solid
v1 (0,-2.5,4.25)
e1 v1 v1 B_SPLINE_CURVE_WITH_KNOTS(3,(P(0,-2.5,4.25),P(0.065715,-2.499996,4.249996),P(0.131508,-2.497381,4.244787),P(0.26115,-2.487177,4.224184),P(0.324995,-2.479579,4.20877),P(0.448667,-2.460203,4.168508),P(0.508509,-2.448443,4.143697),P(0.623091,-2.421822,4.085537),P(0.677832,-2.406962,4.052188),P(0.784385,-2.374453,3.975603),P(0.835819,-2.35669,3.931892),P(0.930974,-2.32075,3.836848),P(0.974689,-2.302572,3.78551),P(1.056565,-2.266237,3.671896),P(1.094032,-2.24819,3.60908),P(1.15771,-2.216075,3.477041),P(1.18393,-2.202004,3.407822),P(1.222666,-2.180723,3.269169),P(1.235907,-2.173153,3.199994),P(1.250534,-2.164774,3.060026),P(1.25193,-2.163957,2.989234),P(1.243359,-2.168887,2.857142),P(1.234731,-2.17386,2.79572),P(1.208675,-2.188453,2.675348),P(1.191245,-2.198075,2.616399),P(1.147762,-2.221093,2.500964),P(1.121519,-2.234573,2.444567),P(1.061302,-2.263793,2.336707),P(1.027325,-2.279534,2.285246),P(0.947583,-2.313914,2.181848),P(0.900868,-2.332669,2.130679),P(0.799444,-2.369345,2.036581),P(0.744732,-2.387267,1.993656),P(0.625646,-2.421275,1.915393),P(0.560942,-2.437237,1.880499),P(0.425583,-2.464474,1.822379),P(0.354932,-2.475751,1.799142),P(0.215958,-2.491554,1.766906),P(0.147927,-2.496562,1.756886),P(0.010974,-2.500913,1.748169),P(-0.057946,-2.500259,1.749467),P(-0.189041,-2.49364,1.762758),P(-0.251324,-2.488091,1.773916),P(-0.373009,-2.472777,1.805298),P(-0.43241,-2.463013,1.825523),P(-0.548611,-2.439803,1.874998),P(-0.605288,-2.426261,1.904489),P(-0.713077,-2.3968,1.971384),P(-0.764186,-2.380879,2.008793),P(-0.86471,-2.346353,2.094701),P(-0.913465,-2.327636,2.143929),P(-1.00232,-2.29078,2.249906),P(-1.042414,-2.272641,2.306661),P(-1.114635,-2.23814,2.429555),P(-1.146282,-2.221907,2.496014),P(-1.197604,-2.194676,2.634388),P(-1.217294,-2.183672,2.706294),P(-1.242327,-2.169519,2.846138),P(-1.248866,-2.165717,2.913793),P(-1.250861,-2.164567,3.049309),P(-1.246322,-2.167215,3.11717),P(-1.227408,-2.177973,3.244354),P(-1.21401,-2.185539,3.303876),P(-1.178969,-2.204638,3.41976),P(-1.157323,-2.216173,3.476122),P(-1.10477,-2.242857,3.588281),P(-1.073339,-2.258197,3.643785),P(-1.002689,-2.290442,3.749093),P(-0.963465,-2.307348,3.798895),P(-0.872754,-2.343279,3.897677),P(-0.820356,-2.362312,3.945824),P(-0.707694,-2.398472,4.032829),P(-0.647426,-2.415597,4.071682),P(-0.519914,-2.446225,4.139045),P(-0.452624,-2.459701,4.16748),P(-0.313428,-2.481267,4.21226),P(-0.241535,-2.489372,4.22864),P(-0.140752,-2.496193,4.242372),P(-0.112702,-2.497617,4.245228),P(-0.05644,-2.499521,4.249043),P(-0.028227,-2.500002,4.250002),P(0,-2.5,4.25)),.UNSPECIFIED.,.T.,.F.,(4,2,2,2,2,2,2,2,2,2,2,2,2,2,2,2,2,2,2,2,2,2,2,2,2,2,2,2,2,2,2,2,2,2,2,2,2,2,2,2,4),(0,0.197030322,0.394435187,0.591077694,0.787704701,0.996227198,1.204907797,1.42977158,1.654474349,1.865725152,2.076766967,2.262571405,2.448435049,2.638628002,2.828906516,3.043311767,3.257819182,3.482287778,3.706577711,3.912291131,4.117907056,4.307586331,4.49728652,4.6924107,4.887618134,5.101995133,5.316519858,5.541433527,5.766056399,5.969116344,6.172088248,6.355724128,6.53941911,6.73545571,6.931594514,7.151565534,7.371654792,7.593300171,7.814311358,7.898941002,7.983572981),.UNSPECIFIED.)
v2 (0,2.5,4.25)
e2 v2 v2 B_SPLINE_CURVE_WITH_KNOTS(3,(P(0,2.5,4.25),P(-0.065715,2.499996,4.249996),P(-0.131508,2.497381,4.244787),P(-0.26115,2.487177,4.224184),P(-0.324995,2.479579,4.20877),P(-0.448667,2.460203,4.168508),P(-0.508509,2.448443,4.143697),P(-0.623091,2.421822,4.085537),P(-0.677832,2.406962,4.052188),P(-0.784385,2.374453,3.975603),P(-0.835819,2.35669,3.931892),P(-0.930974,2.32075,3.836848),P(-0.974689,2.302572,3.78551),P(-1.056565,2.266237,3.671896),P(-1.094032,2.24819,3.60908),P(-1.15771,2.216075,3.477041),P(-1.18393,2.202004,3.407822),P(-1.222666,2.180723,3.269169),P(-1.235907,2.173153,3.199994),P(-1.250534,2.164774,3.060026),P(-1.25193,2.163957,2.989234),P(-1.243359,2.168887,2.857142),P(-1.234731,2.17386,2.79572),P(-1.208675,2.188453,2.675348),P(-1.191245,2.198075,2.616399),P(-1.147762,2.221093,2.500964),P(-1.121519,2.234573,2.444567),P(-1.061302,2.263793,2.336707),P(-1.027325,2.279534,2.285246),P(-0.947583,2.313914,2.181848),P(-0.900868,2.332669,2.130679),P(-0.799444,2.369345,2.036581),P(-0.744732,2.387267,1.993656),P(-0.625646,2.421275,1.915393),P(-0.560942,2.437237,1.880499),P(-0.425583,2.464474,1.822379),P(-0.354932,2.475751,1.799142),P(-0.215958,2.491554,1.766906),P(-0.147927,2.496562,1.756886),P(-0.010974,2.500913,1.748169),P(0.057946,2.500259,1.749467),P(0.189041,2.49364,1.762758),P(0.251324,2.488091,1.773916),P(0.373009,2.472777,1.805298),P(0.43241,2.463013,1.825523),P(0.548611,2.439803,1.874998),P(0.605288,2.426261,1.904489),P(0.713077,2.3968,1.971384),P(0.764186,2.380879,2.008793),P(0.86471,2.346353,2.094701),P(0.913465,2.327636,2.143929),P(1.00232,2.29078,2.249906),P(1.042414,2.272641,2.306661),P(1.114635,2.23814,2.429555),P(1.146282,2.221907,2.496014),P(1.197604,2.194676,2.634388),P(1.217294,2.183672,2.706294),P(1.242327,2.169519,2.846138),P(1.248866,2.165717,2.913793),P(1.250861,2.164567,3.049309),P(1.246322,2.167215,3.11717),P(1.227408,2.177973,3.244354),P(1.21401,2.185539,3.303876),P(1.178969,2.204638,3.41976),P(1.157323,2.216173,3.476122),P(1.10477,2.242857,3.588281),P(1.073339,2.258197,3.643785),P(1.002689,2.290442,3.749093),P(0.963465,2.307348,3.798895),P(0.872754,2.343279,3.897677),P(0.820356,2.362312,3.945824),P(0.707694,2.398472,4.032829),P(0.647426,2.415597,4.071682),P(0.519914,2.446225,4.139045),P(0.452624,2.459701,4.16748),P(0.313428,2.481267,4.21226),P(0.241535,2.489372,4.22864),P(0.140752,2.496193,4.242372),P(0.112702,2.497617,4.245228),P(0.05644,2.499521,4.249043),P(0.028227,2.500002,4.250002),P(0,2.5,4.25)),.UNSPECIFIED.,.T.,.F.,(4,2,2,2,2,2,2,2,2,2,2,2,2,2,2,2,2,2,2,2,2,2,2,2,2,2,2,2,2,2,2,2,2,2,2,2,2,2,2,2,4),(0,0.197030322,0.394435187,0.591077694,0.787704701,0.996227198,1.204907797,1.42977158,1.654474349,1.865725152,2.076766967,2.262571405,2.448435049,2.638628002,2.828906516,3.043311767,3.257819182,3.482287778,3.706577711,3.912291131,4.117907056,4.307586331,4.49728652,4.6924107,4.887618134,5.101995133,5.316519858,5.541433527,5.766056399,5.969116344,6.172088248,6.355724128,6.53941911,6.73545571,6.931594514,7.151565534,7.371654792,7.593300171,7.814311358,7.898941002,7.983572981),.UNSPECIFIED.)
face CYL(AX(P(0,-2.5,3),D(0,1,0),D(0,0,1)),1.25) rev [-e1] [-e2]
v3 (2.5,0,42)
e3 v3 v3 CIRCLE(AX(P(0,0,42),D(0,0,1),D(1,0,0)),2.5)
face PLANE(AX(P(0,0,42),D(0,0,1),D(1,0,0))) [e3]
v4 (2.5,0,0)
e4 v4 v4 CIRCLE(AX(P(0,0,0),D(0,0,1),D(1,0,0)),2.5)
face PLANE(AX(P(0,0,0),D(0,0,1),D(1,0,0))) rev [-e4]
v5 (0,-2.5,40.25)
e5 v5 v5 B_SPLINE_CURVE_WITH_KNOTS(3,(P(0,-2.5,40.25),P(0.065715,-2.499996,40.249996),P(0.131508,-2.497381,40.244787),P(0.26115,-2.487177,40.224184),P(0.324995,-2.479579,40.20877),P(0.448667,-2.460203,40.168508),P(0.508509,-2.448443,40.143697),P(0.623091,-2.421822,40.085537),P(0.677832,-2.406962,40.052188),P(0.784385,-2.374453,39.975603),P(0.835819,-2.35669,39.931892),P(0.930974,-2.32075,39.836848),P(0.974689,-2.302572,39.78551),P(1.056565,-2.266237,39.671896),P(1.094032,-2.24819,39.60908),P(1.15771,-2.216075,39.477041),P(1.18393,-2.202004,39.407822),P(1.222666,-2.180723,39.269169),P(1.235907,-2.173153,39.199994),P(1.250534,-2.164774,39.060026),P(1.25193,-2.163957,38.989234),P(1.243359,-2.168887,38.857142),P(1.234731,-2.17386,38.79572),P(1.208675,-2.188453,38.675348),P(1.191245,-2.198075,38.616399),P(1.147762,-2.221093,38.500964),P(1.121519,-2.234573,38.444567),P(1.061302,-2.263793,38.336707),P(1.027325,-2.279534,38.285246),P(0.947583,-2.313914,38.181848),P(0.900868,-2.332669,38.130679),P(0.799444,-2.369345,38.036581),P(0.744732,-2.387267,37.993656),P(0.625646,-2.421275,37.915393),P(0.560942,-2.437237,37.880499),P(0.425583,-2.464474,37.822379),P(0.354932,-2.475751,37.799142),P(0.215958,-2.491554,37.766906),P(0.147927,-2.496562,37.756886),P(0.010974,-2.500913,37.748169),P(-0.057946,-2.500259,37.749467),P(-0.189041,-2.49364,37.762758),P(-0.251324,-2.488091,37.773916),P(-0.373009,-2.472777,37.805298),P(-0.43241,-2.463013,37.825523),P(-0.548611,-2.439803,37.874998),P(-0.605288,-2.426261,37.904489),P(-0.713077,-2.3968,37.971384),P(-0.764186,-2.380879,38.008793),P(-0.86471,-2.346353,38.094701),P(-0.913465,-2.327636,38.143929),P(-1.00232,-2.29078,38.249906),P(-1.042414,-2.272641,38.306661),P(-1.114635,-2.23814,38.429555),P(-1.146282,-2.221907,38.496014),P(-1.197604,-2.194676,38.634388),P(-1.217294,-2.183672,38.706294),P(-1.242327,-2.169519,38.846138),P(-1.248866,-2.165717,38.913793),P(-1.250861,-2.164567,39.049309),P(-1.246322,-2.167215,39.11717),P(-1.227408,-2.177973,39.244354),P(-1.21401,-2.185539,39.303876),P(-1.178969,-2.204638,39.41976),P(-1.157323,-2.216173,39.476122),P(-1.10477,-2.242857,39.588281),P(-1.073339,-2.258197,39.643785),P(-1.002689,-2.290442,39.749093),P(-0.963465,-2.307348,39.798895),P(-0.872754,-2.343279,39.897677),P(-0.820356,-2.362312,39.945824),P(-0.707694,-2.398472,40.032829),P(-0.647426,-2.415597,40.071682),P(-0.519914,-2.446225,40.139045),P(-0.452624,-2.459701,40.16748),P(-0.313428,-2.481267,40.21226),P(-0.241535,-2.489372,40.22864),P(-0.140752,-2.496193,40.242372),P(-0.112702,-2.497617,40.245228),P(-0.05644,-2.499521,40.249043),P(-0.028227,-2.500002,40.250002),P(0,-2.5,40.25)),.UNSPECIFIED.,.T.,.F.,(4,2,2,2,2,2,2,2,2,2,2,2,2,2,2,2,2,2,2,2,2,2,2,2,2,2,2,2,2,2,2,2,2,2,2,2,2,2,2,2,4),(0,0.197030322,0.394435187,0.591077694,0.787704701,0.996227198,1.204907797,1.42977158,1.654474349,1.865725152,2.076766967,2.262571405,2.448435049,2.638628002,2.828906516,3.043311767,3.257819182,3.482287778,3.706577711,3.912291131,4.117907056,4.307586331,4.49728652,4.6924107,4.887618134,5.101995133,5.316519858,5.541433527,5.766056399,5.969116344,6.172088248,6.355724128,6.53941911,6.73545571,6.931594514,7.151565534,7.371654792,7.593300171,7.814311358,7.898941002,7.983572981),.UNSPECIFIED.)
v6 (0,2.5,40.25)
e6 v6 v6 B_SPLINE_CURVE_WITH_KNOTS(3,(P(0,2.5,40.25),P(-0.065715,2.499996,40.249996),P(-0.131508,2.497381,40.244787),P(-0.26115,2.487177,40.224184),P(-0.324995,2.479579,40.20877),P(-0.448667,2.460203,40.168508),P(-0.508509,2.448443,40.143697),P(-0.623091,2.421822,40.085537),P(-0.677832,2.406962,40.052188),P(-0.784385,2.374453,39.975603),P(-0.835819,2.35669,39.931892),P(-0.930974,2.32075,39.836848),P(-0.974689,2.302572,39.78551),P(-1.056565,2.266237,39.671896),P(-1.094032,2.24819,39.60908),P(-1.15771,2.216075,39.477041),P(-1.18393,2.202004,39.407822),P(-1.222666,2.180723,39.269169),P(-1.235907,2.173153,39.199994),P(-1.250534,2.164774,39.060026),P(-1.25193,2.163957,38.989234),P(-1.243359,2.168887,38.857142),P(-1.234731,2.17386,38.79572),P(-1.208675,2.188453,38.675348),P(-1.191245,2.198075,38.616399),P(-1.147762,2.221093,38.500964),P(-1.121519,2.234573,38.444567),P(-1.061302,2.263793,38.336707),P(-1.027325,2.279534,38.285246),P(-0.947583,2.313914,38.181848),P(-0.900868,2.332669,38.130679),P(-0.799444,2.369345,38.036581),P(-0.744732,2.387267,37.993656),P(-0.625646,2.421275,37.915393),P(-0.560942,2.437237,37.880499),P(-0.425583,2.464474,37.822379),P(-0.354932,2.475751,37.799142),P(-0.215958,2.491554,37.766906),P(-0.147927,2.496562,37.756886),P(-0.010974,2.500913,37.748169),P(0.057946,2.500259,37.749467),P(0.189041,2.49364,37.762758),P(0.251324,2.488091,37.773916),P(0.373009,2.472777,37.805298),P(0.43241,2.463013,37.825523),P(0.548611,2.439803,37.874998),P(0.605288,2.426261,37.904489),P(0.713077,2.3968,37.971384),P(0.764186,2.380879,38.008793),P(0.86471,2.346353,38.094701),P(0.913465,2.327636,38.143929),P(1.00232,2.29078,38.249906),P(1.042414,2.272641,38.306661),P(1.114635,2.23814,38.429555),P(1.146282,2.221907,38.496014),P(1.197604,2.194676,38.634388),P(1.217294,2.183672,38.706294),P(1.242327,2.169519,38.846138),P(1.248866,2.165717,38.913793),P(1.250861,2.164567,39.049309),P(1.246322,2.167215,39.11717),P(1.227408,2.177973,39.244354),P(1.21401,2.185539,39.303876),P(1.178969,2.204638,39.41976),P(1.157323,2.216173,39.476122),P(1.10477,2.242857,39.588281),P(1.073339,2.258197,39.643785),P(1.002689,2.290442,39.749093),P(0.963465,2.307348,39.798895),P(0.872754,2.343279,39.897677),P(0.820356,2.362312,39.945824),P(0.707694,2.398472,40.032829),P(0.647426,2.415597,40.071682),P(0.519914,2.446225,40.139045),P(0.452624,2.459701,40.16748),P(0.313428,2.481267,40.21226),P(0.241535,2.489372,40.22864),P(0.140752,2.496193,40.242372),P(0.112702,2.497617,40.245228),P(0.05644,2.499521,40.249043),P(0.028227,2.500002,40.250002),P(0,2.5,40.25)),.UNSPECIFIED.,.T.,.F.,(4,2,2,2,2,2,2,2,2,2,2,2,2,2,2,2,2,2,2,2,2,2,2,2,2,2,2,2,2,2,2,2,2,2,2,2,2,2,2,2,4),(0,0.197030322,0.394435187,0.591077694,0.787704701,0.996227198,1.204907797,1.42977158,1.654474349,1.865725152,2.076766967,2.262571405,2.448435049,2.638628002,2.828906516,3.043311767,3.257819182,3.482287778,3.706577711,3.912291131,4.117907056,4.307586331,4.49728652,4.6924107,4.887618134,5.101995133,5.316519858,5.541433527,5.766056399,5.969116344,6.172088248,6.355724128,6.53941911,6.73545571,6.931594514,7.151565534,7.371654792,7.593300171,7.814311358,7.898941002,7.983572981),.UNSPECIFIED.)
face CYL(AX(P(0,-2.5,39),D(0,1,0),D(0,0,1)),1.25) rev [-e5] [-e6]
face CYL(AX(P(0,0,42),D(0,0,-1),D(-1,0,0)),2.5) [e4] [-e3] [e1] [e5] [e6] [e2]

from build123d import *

# Parameters (mm, degrees)
SKETCH1_R               = 2.5
BOSS_EXTRUDE1_DEPTH     = 42
SKETCH2_R               = 1.25
CUT_EXTRUDE1_DEPTH      = 3.5
CUT_EXTRUDE1_DEPTH_BACK = 3.5


with BuildPart() as part:
    # Sketch1 → Boss-Extrude1 (new body)
    with BuildSketch(Plane.XY):
        Circle(SKETCH1_R)
    extrude(amount=BOSS_EXTRUDE1_DEPTH)

    # Sketch2 → Cut-Extrude1 (cut, two sides)
    with BuildSketch(Plane(origin=(0, 0, 0), x_dir=(1, 0, 0), z_dir=(0, 1, 0))) as cut_extrude1_sk:
        with Locations((0, -3)):
            Circle(SKETCH2_R)
        with Locations((0, -39)):
            Circle(SKETCH2_R)
    extrude(amount=CUT_EXTRUDE1_DEPTH, mode=Mode.SUBTRACT)
    extrude(cut_extrude1_sk.sketch, amount=-CUT_EXTRUDE1_DEPTH_BACK, mode=Mode.SUBTRACT)


solid = part.part
